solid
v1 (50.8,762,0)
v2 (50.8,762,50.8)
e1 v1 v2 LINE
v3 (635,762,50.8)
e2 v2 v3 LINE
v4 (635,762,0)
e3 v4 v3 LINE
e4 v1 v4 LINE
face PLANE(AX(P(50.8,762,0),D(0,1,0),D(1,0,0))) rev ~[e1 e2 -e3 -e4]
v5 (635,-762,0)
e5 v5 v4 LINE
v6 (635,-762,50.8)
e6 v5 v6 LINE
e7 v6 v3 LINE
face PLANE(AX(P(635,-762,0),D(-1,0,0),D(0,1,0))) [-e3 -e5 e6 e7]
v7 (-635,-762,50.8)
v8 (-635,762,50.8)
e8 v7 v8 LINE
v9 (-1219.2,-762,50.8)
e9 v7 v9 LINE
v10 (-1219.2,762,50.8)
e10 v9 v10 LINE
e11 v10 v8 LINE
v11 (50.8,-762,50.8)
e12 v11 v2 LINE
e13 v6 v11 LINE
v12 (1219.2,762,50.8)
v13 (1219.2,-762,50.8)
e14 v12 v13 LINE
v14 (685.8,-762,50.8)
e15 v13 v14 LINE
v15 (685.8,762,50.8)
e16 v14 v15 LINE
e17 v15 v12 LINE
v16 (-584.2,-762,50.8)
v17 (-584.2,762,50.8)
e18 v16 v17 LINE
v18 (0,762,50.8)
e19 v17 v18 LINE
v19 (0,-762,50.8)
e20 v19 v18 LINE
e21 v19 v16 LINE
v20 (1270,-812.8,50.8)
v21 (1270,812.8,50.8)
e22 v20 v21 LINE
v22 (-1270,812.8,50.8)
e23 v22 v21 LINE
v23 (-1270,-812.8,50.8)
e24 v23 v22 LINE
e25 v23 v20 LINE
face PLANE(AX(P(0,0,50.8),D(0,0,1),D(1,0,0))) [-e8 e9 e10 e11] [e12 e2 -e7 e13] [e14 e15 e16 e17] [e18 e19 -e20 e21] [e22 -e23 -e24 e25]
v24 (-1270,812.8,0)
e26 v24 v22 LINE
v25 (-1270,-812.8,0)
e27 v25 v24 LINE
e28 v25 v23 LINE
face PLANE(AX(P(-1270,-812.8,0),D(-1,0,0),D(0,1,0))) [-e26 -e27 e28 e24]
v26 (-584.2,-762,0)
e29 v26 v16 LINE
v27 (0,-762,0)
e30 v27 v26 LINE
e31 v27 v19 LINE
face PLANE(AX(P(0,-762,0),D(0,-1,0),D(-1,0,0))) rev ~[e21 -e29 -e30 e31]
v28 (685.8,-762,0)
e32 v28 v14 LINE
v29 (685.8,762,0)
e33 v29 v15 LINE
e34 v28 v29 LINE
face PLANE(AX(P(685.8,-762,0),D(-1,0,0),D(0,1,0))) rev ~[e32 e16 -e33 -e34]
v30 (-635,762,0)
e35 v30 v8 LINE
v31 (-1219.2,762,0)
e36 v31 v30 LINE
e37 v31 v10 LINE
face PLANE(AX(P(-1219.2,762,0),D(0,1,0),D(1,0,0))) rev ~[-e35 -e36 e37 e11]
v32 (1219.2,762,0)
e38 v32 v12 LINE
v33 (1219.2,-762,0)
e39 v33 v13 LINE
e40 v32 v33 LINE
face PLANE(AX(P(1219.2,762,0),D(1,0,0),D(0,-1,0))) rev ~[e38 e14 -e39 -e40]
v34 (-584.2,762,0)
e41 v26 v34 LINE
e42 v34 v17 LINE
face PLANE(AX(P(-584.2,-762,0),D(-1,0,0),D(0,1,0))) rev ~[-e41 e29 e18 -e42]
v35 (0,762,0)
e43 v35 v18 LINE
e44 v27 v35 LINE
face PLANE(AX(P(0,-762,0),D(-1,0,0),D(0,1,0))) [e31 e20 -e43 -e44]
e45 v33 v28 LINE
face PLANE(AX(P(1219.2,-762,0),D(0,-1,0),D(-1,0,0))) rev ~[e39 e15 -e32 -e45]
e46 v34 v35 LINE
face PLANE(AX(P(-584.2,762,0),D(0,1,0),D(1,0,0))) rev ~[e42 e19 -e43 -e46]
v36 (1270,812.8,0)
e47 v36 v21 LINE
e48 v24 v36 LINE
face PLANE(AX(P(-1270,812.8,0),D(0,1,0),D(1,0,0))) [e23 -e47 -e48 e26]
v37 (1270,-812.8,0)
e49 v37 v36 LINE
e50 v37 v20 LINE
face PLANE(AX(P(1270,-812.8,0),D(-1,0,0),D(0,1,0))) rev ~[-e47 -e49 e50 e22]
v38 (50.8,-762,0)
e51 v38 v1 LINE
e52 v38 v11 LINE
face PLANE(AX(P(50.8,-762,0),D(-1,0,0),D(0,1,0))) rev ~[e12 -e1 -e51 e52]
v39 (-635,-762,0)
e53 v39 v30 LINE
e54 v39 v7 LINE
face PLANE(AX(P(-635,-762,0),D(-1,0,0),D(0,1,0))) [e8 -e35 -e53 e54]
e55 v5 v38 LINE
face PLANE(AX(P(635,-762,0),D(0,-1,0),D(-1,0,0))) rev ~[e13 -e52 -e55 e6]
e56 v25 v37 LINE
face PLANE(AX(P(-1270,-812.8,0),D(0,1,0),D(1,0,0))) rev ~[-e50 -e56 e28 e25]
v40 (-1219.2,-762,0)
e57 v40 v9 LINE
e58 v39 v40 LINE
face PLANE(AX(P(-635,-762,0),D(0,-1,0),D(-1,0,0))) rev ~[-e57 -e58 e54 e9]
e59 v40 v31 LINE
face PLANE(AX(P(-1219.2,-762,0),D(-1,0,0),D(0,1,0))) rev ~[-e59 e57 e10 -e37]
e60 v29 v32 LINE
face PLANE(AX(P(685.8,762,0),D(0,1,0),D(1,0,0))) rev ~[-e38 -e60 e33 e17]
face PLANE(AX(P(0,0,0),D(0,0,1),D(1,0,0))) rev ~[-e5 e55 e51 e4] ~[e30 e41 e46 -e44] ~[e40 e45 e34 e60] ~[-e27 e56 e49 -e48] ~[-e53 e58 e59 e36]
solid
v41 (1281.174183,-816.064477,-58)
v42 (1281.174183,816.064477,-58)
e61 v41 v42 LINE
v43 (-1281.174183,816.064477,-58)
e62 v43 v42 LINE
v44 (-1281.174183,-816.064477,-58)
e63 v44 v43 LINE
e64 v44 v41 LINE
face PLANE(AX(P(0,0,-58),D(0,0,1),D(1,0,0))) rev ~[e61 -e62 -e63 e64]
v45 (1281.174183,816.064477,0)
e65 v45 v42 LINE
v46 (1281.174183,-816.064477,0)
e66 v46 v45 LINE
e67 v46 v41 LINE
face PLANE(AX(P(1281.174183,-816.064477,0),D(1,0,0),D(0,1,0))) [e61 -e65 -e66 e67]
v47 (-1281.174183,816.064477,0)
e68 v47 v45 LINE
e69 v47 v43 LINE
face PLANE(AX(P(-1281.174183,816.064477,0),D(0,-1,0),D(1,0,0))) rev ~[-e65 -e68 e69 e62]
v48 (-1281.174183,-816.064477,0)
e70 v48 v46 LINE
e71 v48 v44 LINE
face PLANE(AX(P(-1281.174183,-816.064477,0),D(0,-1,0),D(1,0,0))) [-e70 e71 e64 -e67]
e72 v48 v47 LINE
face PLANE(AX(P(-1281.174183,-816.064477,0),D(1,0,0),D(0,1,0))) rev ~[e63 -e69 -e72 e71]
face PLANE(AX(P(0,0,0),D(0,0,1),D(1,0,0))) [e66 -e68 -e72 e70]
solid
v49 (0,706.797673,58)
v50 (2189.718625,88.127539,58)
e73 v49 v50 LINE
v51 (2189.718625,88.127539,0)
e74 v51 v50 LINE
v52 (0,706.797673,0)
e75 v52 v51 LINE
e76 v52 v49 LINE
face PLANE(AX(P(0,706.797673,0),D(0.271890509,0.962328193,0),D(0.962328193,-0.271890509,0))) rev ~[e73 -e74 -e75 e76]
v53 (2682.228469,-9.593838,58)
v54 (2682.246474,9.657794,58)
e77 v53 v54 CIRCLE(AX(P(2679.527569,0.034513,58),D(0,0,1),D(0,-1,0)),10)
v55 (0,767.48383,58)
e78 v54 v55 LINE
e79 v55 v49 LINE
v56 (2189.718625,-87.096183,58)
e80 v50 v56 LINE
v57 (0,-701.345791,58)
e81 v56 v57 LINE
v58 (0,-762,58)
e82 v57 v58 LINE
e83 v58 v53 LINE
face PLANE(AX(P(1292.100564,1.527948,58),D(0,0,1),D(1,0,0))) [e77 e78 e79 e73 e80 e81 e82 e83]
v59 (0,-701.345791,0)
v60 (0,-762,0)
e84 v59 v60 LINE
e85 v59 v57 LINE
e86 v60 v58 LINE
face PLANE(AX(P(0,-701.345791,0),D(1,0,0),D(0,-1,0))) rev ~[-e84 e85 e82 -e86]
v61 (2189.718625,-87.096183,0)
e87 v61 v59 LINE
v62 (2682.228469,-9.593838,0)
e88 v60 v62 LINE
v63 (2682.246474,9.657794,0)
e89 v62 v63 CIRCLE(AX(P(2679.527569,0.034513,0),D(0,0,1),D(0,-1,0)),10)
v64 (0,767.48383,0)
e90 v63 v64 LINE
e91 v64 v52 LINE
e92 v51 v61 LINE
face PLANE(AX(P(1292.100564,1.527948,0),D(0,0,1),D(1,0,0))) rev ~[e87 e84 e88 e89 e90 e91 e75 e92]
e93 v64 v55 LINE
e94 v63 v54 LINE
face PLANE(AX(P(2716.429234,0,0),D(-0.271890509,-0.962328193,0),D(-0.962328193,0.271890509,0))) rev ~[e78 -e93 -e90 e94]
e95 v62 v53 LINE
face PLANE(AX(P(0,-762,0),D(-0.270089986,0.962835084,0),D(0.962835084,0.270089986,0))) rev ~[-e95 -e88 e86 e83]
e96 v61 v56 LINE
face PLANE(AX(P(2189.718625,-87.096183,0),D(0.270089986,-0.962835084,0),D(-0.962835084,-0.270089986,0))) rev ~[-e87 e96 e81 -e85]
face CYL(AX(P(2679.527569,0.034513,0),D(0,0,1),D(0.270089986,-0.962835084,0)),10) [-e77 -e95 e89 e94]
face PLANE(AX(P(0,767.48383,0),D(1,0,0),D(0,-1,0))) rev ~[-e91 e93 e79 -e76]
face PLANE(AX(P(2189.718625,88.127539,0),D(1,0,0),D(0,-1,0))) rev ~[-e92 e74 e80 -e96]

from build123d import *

# Parameters (mm, degrees)
F0_W     = 2540
F0_H     = 1625.6
F0_W_2   = 50.8
F0_H_2   = 1524
F1_DEPTH = 50.8
F3_DEPTH = 58
F4_R     = 10
F5_W     = 2562.348366
F5_H     = 1632.128954
F6_DEPTH = 58


with BuildPart() as f1:
    # F0 (on Top) → F1 (new body)
    with BuildSketch(Plane.XY):
        Rectangle(F0_W, F0_H)
        Polygon((1219.2, 762), (1219.2, -762), (685.8, -762), (635, -762), (50.8, -762), (0, -762), (-584.2, -762), (-635, -762), (-1219.2, -762), (-1219.2, 762), (-635, 762), (-584.2, 762), (0, 762), (50.8, 762), (635, 762), (685.8, 762), align=None, mode=Mode.SUBTRACT)
        with Locations((-609.6, 0)):
            Rectangle(F0_W_2, F0_H_2)
        with Locations((25.4, 0)):
            Rectangle(F0_W_2, F0_H_2)
        with Locations((660.4, 0)):
            Rectangle(F0_W_2, F0_H_2)
    extrude(amount=F1_DEPTH)


with BuildPart() as f3:
    # F2 (on Top) → F3 (new body)
    with BuildSketch(Plane.XY):
        Polygon((0, -762), (2716.429234, 0), (0, 767.48383), (0, 706.797673), (2189.718625, 88.127539), (2500.923512, 0.201553), (2189.718625, -87.096183), (0, -701.345791), align=None)
        Polygon((2189.718625, 88.127539), (2189.718625, -87.096183), (2500.923512, 0.201553), align=None)
    extrude(amount=F3_DEPTH)

    # F4
    f4_edges = [f3.edges().sort_by_distance(p)[0] for p in [
        (2716.429234, 0, 29),
    ]]
    fillet(f4_edges, radius=F4_R)


with BuildPart() as f6:
    # F5 (on Top) → F6 (new body)
    with BuildSketch(Plane.XY):
        Rectangle(F5_W, F5_H)
    extrude(amount=-F6_DEPTH)


solid = Compound([f1.part, f3.part, f6.part])
